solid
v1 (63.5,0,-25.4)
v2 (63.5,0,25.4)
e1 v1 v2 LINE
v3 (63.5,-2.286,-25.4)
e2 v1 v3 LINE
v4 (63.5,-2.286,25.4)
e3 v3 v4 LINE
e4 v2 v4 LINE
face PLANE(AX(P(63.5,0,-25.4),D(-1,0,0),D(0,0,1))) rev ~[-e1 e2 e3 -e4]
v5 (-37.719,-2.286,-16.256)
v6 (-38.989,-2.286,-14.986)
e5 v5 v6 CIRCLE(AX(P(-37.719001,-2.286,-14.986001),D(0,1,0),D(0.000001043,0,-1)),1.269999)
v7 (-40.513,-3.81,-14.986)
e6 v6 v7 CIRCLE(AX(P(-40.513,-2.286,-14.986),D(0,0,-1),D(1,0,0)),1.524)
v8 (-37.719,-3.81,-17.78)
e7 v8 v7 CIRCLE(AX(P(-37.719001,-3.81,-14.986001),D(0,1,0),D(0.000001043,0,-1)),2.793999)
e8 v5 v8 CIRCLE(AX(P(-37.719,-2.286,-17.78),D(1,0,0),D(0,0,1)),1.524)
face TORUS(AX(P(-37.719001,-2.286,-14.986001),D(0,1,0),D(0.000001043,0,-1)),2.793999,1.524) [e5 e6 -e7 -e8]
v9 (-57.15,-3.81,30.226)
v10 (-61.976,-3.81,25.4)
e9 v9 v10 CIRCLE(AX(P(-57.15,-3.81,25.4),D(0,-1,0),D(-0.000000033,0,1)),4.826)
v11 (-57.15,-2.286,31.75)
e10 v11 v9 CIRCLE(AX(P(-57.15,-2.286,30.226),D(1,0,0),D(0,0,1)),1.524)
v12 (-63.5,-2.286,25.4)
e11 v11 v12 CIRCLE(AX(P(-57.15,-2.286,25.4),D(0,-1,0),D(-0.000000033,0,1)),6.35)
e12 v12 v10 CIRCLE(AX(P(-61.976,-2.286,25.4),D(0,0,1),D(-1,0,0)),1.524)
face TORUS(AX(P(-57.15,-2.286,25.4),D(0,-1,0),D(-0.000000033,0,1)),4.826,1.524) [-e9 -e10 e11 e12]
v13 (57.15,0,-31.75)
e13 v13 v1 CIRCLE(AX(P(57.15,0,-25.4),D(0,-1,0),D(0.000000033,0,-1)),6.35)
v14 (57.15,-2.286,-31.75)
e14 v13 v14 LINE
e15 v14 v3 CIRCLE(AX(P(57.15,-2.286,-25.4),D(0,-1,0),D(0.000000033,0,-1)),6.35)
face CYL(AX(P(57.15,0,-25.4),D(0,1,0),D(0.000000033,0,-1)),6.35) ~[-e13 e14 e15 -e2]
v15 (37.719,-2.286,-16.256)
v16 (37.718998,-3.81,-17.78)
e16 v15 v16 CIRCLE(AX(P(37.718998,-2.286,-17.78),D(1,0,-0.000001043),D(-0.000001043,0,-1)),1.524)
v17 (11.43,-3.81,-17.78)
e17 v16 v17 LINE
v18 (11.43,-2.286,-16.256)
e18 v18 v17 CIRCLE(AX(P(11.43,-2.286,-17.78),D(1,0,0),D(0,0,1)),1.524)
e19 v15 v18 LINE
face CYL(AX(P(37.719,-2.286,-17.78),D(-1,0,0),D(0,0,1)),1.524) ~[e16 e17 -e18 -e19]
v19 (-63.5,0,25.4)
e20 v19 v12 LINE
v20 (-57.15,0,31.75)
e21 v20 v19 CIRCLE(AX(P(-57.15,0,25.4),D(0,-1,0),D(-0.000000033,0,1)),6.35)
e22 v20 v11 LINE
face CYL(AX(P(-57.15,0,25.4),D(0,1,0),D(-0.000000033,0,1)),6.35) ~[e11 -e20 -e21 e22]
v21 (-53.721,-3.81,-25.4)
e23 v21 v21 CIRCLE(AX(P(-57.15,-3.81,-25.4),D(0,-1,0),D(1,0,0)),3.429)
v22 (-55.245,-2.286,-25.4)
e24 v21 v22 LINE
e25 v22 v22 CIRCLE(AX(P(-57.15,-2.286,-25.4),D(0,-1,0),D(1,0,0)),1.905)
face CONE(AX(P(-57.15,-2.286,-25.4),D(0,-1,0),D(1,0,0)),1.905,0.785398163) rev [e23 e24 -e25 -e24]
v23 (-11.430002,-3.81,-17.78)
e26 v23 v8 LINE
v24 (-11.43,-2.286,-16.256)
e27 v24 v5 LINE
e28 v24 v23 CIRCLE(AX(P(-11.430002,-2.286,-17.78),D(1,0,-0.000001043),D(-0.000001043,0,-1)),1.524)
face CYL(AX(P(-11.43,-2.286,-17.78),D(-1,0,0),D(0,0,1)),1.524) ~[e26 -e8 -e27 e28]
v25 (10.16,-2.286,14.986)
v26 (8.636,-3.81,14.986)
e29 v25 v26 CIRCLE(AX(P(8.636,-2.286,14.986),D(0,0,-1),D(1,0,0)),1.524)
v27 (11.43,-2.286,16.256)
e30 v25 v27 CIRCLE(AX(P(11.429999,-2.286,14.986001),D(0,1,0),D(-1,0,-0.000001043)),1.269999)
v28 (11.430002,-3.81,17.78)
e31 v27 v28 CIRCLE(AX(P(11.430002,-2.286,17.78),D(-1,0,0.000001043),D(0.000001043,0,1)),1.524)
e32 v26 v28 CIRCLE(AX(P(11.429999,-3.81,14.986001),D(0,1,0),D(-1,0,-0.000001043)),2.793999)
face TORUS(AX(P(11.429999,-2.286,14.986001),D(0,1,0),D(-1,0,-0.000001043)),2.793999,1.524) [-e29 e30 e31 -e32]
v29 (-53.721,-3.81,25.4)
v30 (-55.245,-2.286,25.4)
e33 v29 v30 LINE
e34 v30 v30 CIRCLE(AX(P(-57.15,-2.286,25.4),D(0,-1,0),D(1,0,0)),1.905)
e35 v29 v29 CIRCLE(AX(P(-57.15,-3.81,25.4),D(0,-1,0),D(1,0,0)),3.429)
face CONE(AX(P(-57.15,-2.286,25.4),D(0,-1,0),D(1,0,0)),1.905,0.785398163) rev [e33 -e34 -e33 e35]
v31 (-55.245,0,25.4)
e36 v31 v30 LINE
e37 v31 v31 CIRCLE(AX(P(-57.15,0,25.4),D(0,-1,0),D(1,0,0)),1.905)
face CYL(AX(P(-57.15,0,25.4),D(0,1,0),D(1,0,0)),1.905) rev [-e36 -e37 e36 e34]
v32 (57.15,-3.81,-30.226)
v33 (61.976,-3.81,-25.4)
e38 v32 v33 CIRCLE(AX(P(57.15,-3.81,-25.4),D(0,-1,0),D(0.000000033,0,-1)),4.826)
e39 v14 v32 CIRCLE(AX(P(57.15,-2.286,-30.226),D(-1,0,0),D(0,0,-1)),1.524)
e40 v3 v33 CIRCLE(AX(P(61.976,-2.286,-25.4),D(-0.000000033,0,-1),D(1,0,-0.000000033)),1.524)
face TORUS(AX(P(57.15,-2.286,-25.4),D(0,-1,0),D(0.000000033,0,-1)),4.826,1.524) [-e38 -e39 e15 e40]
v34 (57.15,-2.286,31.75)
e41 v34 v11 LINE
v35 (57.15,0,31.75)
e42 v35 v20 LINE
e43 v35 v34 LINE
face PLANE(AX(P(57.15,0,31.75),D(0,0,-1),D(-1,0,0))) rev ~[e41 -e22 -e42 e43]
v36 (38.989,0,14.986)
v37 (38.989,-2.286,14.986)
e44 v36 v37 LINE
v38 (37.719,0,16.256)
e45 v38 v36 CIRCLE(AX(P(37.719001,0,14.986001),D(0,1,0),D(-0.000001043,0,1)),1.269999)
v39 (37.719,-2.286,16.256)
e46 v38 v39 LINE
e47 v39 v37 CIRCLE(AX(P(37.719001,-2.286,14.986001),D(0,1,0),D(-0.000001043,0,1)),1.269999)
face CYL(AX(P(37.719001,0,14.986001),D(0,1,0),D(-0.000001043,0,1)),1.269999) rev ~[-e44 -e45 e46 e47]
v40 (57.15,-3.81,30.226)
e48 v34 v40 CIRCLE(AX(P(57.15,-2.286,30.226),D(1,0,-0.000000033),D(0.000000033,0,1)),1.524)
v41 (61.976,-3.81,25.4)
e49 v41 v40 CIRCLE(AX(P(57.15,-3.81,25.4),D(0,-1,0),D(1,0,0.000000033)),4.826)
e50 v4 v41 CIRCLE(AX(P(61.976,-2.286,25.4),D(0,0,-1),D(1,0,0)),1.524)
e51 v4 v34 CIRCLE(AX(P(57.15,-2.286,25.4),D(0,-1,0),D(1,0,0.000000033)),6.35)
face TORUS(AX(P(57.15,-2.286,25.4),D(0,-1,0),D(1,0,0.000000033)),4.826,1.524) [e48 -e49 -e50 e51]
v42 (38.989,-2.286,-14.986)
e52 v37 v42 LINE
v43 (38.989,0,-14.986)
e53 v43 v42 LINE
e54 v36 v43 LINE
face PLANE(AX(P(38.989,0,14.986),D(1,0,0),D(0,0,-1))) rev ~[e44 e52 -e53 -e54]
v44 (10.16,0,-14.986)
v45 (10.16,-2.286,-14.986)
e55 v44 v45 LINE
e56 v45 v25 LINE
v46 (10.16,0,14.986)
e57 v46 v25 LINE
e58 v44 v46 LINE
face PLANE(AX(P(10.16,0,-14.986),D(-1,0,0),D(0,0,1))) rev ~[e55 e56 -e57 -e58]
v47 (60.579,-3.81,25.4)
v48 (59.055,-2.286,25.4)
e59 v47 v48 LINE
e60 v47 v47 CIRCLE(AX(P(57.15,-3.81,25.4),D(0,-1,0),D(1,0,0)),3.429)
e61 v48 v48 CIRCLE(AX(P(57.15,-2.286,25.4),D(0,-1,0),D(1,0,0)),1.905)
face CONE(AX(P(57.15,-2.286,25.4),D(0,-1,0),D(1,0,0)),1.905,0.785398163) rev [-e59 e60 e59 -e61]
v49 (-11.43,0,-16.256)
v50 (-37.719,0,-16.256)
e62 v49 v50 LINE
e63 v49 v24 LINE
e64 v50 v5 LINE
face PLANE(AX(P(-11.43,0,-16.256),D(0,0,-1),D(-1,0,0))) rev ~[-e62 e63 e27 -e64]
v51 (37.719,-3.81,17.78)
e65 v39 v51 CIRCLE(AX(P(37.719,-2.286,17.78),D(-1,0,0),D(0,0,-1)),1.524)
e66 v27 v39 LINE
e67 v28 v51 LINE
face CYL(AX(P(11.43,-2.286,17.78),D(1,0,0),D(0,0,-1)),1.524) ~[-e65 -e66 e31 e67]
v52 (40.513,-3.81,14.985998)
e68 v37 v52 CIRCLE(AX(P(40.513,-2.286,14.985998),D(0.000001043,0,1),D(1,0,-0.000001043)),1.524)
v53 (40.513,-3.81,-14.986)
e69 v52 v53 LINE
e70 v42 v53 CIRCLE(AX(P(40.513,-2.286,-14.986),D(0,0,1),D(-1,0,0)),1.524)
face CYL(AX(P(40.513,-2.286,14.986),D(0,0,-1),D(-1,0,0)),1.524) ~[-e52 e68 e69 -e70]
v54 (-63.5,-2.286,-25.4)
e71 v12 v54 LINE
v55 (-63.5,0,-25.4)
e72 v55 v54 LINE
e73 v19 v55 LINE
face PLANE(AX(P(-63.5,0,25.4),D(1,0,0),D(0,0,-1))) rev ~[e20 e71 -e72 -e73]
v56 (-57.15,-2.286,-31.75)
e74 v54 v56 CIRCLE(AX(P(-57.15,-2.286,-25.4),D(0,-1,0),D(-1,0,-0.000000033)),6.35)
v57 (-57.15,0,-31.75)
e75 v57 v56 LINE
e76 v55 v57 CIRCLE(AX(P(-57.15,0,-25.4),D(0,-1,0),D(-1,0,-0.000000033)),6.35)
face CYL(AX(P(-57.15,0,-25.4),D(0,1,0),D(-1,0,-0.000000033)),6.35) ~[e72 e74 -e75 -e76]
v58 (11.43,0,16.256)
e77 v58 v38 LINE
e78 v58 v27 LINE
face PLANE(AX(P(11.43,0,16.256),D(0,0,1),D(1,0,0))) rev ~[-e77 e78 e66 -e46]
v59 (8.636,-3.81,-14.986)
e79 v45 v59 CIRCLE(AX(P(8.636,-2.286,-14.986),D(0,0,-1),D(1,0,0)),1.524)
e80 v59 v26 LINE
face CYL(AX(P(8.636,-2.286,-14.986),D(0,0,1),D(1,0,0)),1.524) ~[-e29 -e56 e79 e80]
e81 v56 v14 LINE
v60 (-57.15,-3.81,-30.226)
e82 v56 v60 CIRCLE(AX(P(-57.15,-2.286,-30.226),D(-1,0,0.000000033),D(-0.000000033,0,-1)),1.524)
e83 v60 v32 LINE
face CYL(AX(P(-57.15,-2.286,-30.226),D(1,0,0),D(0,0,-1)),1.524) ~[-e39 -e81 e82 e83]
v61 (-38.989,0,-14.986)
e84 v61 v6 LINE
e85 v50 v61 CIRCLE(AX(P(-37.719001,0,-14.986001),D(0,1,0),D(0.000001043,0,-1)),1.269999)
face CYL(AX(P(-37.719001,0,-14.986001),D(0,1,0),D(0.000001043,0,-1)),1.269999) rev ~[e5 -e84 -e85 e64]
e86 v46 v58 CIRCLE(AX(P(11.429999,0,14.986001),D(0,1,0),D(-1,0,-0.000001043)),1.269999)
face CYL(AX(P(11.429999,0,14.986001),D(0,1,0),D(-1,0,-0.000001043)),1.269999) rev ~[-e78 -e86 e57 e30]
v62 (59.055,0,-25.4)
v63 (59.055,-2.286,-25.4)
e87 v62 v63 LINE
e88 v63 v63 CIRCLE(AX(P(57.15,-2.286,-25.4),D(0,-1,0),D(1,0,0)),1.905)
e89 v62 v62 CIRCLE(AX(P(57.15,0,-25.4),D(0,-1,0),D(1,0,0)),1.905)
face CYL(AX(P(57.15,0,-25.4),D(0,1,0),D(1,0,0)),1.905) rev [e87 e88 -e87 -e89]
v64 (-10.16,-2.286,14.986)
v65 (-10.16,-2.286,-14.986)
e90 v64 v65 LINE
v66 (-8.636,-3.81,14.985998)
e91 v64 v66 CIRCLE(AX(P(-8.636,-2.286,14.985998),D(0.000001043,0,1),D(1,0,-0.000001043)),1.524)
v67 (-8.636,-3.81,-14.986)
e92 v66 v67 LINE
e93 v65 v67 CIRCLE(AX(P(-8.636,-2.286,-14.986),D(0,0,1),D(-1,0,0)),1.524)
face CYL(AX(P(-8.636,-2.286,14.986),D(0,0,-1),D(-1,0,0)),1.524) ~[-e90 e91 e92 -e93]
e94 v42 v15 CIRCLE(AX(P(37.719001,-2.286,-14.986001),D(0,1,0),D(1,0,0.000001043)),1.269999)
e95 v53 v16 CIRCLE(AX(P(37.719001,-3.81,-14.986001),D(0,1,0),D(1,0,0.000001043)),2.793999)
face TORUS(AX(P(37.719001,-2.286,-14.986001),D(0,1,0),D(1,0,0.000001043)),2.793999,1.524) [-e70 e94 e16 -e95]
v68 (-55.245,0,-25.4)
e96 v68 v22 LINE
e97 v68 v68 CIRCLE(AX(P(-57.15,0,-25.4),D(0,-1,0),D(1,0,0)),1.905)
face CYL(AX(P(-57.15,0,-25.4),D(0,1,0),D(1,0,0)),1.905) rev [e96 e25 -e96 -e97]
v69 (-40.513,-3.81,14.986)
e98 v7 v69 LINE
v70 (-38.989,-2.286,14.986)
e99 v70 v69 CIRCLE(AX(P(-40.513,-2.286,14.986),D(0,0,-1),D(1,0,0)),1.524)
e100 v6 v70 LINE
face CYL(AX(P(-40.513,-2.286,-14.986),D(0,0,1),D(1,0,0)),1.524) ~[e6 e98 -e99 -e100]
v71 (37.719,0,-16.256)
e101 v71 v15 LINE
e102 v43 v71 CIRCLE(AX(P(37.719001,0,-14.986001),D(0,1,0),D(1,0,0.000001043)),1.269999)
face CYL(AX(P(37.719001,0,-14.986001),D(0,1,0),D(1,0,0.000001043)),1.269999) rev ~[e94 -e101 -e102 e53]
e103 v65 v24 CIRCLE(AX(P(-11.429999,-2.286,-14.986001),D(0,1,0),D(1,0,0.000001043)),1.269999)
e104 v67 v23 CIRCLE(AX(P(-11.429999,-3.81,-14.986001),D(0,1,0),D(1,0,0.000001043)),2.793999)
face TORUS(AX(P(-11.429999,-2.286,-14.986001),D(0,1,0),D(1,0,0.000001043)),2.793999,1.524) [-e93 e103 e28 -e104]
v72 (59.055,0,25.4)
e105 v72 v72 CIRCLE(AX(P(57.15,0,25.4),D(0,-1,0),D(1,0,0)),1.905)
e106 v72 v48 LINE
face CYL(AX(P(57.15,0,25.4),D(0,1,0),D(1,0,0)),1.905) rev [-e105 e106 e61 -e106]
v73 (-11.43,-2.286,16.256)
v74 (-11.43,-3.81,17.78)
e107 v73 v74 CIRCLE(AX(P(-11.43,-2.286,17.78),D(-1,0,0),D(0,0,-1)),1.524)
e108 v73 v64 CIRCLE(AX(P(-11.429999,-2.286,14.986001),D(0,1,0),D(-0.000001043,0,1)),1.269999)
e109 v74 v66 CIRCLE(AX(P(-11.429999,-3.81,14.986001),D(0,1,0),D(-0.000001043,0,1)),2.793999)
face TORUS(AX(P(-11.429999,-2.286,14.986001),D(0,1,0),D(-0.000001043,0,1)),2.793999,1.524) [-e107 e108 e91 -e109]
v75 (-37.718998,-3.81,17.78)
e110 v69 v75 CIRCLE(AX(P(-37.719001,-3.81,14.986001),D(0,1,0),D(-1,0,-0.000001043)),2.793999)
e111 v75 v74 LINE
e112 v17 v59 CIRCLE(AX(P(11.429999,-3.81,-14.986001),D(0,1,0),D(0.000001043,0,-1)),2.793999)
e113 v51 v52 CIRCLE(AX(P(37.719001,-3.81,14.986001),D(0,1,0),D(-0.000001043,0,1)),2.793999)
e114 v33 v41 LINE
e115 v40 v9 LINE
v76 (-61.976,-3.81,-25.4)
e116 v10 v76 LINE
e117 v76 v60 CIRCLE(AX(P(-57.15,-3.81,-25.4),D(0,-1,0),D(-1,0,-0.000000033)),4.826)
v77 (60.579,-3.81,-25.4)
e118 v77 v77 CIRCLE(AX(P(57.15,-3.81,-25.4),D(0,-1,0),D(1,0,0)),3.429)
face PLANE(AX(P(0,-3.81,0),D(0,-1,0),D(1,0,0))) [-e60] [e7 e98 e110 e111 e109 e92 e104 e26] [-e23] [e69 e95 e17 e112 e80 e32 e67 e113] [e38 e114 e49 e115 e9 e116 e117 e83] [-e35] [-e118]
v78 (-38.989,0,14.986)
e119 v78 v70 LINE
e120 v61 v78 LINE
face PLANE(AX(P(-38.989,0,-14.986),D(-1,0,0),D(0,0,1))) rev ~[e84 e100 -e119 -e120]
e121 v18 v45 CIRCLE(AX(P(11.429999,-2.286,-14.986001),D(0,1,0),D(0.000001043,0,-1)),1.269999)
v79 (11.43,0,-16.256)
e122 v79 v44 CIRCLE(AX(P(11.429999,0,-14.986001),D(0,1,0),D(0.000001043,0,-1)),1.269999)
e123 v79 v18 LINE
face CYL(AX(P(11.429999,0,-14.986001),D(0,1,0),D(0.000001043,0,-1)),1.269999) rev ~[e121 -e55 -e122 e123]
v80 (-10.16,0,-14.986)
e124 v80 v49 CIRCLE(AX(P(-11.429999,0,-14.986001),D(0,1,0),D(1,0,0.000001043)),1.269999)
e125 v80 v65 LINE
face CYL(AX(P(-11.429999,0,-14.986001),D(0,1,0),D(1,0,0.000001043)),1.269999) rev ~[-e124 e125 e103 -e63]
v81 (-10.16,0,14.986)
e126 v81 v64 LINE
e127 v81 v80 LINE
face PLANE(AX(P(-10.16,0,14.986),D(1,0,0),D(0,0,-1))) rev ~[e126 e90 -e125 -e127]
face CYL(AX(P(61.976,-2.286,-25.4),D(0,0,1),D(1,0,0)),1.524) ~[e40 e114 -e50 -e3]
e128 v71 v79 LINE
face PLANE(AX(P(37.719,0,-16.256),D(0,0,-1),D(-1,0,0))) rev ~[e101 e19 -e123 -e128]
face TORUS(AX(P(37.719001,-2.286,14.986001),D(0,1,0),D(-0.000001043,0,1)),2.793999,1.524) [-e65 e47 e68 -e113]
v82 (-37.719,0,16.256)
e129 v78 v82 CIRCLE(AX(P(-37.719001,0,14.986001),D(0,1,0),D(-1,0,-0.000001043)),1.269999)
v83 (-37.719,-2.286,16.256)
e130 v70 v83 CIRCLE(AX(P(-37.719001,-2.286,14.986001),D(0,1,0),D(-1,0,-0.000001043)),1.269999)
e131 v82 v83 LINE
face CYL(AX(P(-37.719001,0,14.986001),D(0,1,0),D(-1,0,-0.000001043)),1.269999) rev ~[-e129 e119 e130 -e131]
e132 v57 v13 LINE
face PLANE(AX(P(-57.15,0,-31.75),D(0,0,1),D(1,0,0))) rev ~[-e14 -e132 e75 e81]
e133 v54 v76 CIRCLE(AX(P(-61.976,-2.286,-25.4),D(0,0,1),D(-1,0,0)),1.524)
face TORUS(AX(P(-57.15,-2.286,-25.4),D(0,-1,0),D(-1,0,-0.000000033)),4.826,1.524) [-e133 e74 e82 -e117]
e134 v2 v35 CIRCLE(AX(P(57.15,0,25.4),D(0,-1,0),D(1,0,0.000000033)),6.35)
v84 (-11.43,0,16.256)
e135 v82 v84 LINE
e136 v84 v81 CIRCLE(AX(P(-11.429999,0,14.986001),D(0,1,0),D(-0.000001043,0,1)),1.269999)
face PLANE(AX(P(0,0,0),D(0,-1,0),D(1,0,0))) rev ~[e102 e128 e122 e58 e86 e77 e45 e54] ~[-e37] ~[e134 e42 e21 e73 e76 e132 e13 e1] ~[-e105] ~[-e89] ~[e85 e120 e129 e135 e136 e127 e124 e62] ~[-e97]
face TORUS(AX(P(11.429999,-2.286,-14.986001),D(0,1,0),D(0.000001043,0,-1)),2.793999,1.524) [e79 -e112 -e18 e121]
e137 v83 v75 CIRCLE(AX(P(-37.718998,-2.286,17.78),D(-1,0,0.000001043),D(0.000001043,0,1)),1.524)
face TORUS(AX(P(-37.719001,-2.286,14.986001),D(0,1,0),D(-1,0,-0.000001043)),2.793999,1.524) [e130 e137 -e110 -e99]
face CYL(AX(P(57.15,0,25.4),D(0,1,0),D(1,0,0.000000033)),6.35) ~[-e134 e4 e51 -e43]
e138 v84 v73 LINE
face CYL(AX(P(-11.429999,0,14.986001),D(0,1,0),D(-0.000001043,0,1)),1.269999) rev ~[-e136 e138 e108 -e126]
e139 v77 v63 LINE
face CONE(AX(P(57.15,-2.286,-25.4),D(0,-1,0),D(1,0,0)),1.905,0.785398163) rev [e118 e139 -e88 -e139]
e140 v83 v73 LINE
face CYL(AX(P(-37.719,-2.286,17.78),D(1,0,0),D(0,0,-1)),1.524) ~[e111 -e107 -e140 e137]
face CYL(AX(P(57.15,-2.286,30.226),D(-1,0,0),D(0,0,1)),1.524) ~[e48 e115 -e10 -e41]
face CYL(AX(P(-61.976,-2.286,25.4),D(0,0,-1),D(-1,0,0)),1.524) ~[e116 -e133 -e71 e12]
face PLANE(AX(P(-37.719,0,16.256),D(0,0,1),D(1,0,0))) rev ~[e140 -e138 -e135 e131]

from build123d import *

# Parameters (mm, degrees)
F0_R     = 1.905
F1_DEPTH = 3.81
F2_R     = 1.524
F3_SIZE  = 1.524


with BuildPart() as f1:
    # F0 (on Front) → F1 (new body)
    with BuildSketch(Plane.XZ):
        with BuildLine():
            ThreePointArc((63.5, 25.4), (61.640128, 29.890128), (57.15, 31.75))
            Line((57.15, 31.75), (-57.15, 31.75))
            ThreePointArc((-57.15, 31.75), (-61.640128, 29.890128), (-63.5, 25.4))
            Line((-63.5, 25.4), (-63.5, -25.4))
            ThreePointArc((-63.5, -25.4), (-61.640128, -29.890128), (-57.15, -31.75))
            Line((-57.15, -31.75), (57.15, -31.75))
            ThreePointArc((57.15, -31.75), (61.640128, -29.890128), (63.5, -25.4))
            Line((63.5, -25.4), (63.5, 25.4))
        make_face()
        with Locations((-57.15, -25.4)):
            Circle(F0_R, mode=Mode.SUBTRACT)
        with Locations((57.15, -25.4)):
            Circle(F0_R, mode=Mode.SUBTRACT)
        with BuildLine():
            ThreePointArc((-38.989, 14.986), (-38.617026, 15.884026), (-37.719, 16.256))
            Line((-37.719, 16.256), (-11.43, 16.256))
            ThreePointArc((-11.43, 16.256), (-10.531974, 15.884026), (-10.16, 14.986))
            Line((-10.16, 14.986), (-10.16, -14.986))
            ThreePointArc((-10.16, -14.986), (-10.531974, -15.884026), (-11.43, -16.256))
            Line((-11.43, -16.256), (-37.719, -16.256))
            ThreePointArc((-37.719, -16.256), (-38.617026, -15.884026), (-38.989, -14.986))
            Line((-38.989, -14.986), (-38.989, 14.986))
        make_face(mode=Mode.SUBTRACT)
        with Locations((-57.15, 25.4)):
            Circle(F0_R, mode=Mode.SUBTRACT)
        with BuildLine():
            ThreePointArc((10.16, 14.986), (10.531974, 15.884026), (11.43, 16.256))
            Line((11.43, 16.256), (37.719, 16.256))
            ThreePointArc((37.719, 16.256), (38.617026, 15.884026), (38.989, 14.986))
            Line((38.989, 14.986), (38.989, -14.986))
            ThreePointArc((38.989, -14.986), (38.617026, -15.884026), (37.719, -16.256))
            Line((37.719, -16.256), (11.43, -16.256))
            ThreePointArc((11.43, -16.256), (10.531974, -15.884026), (10.16, -14.986))
            Line((10.16, -14.986), (10.16, 14.986))
        make_face(mode=Mode.SUBTRACT)
        with Locations((57.15, 25.4)):
            Circle(F0_R, mode=Mode.SUBTRACT)
    extrude(amount=F1_DEPTH)

    # F2
    f2_edges = [f1.edges().sort_by_distance(p)[0] for p in [
        (-38.989, -3.81, 0),
        (10.16, -3.81, 0),
        (-63.5, -3.81, 0),
    ]]
    fillet(f2_edges, radius=F2_R)

    # F3
    f3_edges = [f1.edges().sort_by_distance(p)[0] for p in [
        (-59.055, -3.81, 25.4),
        (-59.055, -3.81, -25.4),
        (55.245, -3.81, -25.4),
        (55.245, -3.81, 25.4),
    ]]
    chamfer(f3_edges, length=F3_SIZE)


solid = f1.part
